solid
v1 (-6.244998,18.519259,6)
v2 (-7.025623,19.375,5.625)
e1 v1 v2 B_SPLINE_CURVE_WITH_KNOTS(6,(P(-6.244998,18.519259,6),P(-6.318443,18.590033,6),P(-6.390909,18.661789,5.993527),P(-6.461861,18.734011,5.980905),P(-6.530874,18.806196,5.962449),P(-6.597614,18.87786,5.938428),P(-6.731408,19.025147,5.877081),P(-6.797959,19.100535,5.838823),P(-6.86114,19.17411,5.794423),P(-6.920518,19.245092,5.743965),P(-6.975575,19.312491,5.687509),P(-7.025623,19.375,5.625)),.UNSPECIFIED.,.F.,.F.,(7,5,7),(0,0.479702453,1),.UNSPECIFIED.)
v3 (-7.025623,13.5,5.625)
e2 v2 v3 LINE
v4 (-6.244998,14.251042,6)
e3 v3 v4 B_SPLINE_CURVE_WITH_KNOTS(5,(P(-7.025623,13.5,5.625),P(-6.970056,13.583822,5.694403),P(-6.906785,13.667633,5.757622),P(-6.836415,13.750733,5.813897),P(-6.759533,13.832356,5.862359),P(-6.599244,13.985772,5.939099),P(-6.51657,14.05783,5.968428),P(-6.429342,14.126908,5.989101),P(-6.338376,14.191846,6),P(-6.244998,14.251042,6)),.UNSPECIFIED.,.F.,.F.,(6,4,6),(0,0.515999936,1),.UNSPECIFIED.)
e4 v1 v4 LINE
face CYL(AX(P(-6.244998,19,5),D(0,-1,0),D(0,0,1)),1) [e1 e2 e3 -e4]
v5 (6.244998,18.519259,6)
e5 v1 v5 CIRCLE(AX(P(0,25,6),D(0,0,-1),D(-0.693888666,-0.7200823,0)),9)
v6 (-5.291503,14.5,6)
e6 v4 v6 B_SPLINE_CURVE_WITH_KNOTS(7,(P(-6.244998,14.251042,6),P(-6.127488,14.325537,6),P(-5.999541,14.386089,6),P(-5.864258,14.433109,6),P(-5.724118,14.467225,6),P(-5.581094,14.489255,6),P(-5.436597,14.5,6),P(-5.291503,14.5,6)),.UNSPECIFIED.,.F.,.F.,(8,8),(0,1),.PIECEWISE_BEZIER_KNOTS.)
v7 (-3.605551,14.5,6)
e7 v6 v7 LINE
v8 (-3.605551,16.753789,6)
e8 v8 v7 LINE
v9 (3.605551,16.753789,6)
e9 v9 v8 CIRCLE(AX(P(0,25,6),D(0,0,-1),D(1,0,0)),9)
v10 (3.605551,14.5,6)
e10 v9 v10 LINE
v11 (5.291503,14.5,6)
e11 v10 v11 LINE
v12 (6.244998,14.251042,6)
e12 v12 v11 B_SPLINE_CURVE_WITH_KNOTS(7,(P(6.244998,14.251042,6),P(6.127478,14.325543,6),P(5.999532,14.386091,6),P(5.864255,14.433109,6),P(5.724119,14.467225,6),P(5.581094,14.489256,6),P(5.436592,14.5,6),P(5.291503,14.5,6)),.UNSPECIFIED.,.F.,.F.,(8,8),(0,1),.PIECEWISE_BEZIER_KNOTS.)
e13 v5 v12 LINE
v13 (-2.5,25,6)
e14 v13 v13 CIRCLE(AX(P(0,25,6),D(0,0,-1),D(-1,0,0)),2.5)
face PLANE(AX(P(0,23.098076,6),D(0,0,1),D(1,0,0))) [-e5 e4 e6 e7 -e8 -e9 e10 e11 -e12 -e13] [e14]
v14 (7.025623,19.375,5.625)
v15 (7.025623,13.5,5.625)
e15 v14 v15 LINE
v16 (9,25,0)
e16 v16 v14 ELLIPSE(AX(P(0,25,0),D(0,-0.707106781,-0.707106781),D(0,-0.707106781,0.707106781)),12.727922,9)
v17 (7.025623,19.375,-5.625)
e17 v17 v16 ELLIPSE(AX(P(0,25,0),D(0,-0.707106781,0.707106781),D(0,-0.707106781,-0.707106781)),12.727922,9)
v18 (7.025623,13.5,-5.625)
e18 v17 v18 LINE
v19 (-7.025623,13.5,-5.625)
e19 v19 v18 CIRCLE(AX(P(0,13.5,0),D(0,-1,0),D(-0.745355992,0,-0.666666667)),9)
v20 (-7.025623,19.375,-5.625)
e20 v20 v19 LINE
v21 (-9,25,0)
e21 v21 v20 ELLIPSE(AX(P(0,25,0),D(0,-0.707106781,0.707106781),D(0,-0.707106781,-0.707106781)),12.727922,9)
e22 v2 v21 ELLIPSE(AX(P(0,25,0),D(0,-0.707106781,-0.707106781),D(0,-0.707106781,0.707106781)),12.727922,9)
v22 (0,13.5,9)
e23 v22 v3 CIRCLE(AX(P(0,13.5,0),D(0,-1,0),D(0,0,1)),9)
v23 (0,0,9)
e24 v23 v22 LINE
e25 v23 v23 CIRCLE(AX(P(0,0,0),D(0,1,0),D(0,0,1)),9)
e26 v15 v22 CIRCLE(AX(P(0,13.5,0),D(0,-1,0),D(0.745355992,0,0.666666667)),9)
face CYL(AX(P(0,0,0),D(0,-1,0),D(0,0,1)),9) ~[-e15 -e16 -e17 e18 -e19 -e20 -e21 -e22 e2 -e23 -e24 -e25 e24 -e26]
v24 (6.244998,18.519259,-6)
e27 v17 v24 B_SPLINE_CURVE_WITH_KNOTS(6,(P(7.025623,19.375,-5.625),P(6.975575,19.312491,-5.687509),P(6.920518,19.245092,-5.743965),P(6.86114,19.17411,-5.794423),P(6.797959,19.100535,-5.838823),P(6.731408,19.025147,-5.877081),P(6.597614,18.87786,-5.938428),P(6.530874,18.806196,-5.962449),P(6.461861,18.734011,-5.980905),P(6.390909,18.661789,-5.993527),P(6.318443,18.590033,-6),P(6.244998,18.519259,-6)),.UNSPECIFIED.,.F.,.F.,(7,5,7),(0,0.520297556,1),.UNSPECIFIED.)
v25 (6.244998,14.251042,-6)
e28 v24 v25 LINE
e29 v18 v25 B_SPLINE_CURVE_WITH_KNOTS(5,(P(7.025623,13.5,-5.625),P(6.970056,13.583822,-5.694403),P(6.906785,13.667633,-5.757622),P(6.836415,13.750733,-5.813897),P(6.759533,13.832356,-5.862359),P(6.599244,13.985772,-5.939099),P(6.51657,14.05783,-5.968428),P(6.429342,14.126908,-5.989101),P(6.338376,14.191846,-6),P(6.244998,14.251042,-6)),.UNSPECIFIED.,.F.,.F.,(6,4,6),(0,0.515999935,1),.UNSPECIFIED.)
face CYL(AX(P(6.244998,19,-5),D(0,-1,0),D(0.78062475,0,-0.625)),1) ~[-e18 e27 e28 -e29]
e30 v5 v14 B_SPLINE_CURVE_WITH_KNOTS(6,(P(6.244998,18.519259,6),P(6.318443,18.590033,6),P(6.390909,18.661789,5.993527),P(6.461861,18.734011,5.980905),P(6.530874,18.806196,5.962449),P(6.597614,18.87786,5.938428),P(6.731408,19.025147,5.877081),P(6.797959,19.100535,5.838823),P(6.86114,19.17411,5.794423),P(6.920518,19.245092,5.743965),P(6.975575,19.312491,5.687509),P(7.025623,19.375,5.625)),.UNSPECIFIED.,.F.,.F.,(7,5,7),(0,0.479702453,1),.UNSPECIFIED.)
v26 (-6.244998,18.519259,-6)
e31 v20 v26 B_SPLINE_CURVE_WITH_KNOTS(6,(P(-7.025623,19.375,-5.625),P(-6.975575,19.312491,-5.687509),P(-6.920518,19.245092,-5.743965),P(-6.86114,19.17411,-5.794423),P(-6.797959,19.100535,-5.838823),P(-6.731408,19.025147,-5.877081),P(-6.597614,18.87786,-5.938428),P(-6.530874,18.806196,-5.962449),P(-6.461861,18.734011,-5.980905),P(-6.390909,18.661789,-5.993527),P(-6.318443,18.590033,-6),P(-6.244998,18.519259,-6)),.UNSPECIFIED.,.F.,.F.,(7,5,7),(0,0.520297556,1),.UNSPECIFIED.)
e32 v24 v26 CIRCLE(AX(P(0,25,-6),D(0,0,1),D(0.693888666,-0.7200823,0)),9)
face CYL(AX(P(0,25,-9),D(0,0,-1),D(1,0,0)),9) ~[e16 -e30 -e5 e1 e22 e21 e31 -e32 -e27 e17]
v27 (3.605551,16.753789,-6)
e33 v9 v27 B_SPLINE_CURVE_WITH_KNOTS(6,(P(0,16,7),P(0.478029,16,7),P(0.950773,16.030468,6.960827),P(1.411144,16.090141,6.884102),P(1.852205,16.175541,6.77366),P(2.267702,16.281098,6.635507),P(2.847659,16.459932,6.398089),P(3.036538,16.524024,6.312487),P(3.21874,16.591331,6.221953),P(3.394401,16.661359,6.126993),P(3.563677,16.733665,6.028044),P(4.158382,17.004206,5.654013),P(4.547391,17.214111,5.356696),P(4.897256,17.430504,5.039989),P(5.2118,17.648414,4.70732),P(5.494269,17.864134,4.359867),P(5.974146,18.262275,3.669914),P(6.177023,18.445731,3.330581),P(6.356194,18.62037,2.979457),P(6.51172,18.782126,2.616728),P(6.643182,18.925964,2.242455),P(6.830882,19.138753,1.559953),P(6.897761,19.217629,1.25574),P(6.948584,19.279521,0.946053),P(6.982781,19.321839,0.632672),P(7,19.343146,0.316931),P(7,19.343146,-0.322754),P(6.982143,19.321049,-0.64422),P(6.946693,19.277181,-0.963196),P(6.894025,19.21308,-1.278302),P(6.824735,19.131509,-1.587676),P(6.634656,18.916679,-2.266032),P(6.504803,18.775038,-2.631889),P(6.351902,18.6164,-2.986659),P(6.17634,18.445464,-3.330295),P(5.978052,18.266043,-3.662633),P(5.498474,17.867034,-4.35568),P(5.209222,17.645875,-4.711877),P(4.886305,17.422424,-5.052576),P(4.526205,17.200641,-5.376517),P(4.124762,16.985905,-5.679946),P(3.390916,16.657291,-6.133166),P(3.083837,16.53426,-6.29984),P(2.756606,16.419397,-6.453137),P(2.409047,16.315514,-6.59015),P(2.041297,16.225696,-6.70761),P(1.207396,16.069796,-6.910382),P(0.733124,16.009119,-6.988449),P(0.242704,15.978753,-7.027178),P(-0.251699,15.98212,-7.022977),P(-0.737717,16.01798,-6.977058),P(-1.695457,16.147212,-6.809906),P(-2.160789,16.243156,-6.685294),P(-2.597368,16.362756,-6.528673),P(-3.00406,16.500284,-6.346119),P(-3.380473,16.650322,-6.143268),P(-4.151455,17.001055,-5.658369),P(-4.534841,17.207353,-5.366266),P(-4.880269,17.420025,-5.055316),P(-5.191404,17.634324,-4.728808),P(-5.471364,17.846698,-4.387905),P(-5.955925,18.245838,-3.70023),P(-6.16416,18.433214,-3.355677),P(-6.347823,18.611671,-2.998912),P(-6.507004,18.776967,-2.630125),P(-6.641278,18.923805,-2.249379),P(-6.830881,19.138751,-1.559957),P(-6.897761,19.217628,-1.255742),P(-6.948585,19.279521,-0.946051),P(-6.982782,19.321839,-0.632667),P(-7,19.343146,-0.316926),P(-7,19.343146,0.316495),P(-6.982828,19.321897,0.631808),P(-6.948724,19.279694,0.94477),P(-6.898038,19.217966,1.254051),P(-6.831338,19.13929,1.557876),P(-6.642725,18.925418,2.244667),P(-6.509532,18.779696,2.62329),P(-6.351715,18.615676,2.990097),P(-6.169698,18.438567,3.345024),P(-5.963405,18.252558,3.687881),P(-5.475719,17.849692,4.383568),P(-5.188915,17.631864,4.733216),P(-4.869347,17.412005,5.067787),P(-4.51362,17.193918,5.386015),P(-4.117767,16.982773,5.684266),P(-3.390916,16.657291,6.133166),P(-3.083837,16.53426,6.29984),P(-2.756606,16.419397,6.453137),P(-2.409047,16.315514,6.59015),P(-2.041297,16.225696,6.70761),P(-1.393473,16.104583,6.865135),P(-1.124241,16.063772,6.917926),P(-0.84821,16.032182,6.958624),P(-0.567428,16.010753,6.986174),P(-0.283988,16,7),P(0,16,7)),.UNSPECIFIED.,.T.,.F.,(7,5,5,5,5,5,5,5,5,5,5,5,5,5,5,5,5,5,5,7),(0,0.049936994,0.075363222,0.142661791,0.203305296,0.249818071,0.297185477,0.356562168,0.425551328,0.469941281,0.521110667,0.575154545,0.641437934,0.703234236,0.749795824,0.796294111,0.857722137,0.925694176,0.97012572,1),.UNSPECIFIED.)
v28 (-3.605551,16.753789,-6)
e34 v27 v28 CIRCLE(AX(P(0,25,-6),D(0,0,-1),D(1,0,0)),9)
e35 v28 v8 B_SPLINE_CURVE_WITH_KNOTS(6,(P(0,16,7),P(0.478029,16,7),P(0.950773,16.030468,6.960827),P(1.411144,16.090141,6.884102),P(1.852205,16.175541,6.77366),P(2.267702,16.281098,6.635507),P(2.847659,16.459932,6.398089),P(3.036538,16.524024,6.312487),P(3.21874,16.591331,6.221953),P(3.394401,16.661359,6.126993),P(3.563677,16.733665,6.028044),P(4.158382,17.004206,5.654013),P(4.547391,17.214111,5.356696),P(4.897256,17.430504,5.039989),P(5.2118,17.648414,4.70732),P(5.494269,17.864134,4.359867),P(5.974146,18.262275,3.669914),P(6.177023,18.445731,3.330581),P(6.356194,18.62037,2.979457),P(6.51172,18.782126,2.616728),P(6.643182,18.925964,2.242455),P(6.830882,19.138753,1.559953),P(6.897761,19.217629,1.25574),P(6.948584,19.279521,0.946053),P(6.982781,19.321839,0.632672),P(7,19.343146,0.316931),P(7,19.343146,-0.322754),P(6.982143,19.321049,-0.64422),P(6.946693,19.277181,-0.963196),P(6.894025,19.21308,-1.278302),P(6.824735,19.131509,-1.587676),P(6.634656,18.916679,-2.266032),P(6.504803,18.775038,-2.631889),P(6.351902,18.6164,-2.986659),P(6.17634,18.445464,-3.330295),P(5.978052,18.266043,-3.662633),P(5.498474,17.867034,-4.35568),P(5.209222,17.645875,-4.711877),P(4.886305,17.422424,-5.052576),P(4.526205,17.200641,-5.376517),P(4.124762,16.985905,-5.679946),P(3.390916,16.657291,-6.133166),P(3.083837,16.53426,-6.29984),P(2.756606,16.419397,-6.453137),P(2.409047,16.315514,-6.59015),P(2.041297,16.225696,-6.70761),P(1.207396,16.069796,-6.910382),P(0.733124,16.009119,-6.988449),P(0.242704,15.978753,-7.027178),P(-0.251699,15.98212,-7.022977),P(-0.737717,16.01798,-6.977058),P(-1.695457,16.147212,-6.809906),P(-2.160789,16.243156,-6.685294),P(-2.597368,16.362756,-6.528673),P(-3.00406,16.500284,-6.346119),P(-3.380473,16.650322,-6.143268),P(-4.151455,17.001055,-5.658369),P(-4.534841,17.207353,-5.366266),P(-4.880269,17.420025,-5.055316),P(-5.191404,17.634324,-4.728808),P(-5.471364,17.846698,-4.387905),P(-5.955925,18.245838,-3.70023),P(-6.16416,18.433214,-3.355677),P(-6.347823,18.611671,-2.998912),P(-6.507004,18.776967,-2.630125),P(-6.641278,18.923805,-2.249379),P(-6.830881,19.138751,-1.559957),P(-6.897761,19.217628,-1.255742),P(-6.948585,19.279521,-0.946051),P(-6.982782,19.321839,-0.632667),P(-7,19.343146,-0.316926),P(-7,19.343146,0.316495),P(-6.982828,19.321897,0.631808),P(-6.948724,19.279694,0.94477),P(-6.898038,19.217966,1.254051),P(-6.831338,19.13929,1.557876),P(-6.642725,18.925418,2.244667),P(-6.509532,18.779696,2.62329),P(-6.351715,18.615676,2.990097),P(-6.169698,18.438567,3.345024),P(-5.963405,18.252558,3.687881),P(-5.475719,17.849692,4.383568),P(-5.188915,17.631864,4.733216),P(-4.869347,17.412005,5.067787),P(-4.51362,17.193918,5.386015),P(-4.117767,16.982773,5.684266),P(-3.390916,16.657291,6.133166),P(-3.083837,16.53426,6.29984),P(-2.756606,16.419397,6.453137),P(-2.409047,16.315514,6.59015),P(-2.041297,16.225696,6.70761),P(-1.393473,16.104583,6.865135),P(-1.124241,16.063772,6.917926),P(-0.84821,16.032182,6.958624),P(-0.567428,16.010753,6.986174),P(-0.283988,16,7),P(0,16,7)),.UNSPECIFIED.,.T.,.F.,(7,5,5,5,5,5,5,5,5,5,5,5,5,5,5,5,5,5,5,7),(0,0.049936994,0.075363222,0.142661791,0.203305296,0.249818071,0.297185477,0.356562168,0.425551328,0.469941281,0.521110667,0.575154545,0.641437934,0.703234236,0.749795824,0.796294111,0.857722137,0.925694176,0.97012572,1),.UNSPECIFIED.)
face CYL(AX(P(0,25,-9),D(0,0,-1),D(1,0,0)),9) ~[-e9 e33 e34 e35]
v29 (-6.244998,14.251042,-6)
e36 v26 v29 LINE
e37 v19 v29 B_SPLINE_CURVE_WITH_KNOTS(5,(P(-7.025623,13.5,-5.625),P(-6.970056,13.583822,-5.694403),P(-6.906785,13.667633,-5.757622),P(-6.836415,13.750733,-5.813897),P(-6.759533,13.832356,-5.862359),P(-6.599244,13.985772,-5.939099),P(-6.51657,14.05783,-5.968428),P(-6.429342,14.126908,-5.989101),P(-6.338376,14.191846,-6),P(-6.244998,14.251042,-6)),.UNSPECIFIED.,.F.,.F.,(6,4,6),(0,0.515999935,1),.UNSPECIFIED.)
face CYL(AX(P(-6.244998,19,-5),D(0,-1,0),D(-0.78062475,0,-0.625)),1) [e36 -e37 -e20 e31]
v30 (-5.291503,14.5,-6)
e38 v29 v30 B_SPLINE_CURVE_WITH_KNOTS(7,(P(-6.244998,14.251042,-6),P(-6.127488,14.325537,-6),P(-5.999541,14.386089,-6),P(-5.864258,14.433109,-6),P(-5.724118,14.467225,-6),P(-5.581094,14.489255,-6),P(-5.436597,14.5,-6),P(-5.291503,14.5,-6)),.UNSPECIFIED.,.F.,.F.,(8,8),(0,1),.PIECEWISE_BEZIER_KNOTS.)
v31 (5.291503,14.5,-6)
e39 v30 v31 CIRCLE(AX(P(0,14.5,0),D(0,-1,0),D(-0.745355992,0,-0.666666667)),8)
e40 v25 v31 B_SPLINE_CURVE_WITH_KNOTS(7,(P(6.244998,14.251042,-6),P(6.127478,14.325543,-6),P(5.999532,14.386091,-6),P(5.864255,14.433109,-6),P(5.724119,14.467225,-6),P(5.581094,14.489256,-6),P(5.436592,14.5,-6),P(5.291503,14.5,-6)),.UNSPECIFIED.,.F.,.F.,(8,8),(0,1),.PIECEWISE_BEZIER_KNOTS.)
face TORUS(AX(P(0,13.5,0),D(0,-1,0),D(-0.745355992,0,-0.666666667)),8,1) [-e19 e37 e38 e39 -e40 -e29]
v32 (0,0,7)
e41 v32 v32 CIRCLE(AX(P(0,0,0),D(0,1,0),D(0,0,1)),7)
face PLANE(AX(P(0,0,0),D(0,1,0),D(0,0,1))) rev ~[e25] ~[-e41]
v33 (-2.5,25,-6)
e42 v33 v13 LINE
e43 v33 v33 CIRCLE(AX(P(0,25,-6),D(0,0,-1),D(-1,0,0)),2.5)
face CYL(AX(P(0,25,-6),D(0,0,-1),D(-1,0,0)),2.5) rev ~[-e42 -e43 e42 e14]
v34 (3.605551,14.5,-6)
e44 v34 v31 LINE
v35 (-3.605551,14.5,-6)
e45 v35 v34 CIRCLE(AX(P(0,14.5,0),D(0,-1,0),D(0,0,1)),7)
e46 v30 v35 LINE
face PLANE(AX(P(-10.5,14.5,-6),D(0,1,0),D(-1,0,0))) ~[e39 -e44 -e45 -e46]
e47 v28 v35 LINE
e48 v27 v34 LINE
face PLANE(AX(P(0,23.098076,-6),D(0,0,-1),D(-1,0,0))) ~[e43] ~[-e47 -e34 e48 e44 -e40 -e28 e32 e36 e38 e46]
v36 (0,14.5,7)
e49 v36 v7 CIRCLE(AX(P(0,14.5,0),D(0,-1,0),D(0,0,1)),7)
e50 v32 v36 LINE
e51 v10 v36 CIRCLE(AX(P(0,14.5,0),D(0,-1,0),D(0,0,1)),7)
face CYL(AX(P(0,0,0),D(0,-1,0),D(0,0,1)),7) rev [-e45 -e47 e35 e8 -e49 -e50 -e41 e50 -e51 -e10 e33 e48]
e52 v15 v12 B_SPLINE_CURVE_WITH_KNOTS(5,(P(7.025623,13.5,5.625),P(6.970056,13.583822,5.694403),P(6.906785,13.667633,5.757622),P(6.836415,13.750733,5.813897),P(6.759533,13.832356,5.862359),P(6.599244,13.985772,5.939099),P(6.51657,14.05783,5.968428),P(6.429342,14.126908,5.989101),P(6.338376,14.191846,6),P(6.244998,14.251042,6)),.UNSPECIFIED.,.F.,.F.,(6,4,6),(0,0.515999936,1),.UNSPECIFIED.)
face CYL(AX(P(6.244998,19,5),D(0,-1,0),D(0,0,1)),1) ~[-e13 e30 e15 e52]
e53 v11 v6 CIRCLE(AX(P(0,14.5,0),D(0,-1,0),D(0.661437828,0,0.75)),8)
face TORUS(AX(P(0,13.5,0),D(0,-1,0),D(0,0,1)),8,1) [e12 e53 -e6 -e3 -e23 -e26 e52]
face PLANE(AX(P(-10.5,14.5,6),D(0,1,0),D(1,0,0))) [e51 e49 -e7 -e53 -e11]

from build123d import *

# Parameters (mm, degrees)
SKETCH1_R                = 9
SKETCH1_R_2              = 7
BOSS_EXTRUDE1_DEPTH      = 25
CUT_EXTRUDE2_DEPTH       = 12
CUT_EXTRUDE2_DEPTH_BACK  = 27
SKETCH2_R                = 9
BOSS_EXTRUDE8_DEPTH      = 9
BOSS_EXTRUDE8_DEPTH_BACK = 9
SKETCH4_R                = 9
SKETCH5_R                = 8
CUT_EXTRUDE3_DEPTH       = 3
CUT_EXTRUDE4_START       = -3
SKETCH6_R                = 8
CUT_EXTRUDE4_DEPTH       = 3
SKETCH7_R                = 2.5
CUT_EXTRUDE5_DEPTH       = 17
CUT_EXTRUDE6_DEPTH       = 15
FILLET2_R                = 1


with BuildPart() as part:
    # Sketch1 → Boss-Extrude1 (new body)
    with BuildSketch(Plane(origin=(0, 0, 0), x_dir=(1, 0, 0), z_dir=(0, 1, 0))):
        Circle(SKETCH1_R)
        Circle(SKETCH1_R_2, mode=Mode.SUBTRACT)
    extrude(amount=BOSS_EXTRUDE1_DEPTH)

    # Sketch2 → Cut-Extrude2 (cut, two sides: drawn at the far end of the back side and taken through both)
    with BuildSketch(Plane.XY.offset(9).offset(-CUT_EXTRUDE2_DEPTH_BACK)):
        with Locations((0, 25)):
            Circle(SKETCH2_R)
    extrude(amount=CUT_EXTRUDE2_DEPTH + CUT_EXTRUDE2_DEPTH_BACK, mode=Mode.SUBTRACT)

    # Sketch4 → Boss-Extrude8 (add, two sides: drawn at the far end of the back side and taken through both)
    with BuildSketch(Plane.XY.offset(-BOSS_EXTRUDE8_DEPTH_BACK)):
        with Locations((0, 25)):
            Circle(SKETCH4_R)
    extrude(amount=BOSS_EXTRUDE8_DEPTH + BOSS_EXTRUDE8_DEPTH_BACK)

    # Sketch5 → Cut-Extrude3 (cut)
    with BuildSketch(Plane.XY.offset(9)):
        with Locations((0, 25)):
            Circle(SKETCH5_R)
    extrude(amount=-CUT_EXTRUDE3_DEPTH, mode=Mode.SUBTRACT)

    # Sketch6 → Cut-Extrude4 (cut)
    with BuildSketch(Plane(origin=(0, 0, -9), x_dir=(-1, 0, 0), z_dir=(0, 0, -1)).offset(CUT_EXTRUDE4_START)):
        with Locations((0, 25)):
            Circle(SKETCH6_R)
    extrude(amount=CUT_EXTRUDE4_DEPTH, mode=Mode.SUBTRACT)

    # Sketch7 → Cut-Extrude5 (cut)
    with BuildSketch(Plane(origin=(0, 0, -6), x_dir=(-1, 0, 0), z_dir=(0, 0, -1))):
        with Locations((0, 25)):
            Circle(SKETCH7_R)
    extrude(amount=-CUT_EXTRUDE5_DEPTH, mode=Mode.SUBTRACT)

    # Sketch8 → Cut-Extrude6 (cut)
    with BuildSketch(Plane.XY.offset(6)):
        with BuildLine():
            Line((-10.5, 25), (-10.5, 14.5))
            Line((-10.5, 14.5), (10.5, 14.5))
            Line((10.5, 14.5), (10.5, 25))
            ThreePointArc((10.5, 25), (0, 35.5), (-10.5, 25))
        make_face()
    cut_extrude6 = extrude(amount=CUT_EXTRUDE6_DEPTH, mode=Mode.SUBTRACT)

    # Mirror1: Cut-Extrude6 across plane
    add(cut_extrude6.mirror(Plane.XY), mode=Mode.SUBTRACT)

    # Fillet2
    fillet2_edges = [part.edges().sort_by_distance(p)[0] for p in [
        (0, 14.5, -9),
        (6.708203932, 16.75, -6),
        (6.708203932, 16.75, 6),
        (-6.708203932, 16.75, 6),
        (-6.708203932, 16.75, -6),
        (0, 14.5, 9),
    ]]
    fillet(fillet2_edges, radius=FILLET2_R)


solid = part.part
